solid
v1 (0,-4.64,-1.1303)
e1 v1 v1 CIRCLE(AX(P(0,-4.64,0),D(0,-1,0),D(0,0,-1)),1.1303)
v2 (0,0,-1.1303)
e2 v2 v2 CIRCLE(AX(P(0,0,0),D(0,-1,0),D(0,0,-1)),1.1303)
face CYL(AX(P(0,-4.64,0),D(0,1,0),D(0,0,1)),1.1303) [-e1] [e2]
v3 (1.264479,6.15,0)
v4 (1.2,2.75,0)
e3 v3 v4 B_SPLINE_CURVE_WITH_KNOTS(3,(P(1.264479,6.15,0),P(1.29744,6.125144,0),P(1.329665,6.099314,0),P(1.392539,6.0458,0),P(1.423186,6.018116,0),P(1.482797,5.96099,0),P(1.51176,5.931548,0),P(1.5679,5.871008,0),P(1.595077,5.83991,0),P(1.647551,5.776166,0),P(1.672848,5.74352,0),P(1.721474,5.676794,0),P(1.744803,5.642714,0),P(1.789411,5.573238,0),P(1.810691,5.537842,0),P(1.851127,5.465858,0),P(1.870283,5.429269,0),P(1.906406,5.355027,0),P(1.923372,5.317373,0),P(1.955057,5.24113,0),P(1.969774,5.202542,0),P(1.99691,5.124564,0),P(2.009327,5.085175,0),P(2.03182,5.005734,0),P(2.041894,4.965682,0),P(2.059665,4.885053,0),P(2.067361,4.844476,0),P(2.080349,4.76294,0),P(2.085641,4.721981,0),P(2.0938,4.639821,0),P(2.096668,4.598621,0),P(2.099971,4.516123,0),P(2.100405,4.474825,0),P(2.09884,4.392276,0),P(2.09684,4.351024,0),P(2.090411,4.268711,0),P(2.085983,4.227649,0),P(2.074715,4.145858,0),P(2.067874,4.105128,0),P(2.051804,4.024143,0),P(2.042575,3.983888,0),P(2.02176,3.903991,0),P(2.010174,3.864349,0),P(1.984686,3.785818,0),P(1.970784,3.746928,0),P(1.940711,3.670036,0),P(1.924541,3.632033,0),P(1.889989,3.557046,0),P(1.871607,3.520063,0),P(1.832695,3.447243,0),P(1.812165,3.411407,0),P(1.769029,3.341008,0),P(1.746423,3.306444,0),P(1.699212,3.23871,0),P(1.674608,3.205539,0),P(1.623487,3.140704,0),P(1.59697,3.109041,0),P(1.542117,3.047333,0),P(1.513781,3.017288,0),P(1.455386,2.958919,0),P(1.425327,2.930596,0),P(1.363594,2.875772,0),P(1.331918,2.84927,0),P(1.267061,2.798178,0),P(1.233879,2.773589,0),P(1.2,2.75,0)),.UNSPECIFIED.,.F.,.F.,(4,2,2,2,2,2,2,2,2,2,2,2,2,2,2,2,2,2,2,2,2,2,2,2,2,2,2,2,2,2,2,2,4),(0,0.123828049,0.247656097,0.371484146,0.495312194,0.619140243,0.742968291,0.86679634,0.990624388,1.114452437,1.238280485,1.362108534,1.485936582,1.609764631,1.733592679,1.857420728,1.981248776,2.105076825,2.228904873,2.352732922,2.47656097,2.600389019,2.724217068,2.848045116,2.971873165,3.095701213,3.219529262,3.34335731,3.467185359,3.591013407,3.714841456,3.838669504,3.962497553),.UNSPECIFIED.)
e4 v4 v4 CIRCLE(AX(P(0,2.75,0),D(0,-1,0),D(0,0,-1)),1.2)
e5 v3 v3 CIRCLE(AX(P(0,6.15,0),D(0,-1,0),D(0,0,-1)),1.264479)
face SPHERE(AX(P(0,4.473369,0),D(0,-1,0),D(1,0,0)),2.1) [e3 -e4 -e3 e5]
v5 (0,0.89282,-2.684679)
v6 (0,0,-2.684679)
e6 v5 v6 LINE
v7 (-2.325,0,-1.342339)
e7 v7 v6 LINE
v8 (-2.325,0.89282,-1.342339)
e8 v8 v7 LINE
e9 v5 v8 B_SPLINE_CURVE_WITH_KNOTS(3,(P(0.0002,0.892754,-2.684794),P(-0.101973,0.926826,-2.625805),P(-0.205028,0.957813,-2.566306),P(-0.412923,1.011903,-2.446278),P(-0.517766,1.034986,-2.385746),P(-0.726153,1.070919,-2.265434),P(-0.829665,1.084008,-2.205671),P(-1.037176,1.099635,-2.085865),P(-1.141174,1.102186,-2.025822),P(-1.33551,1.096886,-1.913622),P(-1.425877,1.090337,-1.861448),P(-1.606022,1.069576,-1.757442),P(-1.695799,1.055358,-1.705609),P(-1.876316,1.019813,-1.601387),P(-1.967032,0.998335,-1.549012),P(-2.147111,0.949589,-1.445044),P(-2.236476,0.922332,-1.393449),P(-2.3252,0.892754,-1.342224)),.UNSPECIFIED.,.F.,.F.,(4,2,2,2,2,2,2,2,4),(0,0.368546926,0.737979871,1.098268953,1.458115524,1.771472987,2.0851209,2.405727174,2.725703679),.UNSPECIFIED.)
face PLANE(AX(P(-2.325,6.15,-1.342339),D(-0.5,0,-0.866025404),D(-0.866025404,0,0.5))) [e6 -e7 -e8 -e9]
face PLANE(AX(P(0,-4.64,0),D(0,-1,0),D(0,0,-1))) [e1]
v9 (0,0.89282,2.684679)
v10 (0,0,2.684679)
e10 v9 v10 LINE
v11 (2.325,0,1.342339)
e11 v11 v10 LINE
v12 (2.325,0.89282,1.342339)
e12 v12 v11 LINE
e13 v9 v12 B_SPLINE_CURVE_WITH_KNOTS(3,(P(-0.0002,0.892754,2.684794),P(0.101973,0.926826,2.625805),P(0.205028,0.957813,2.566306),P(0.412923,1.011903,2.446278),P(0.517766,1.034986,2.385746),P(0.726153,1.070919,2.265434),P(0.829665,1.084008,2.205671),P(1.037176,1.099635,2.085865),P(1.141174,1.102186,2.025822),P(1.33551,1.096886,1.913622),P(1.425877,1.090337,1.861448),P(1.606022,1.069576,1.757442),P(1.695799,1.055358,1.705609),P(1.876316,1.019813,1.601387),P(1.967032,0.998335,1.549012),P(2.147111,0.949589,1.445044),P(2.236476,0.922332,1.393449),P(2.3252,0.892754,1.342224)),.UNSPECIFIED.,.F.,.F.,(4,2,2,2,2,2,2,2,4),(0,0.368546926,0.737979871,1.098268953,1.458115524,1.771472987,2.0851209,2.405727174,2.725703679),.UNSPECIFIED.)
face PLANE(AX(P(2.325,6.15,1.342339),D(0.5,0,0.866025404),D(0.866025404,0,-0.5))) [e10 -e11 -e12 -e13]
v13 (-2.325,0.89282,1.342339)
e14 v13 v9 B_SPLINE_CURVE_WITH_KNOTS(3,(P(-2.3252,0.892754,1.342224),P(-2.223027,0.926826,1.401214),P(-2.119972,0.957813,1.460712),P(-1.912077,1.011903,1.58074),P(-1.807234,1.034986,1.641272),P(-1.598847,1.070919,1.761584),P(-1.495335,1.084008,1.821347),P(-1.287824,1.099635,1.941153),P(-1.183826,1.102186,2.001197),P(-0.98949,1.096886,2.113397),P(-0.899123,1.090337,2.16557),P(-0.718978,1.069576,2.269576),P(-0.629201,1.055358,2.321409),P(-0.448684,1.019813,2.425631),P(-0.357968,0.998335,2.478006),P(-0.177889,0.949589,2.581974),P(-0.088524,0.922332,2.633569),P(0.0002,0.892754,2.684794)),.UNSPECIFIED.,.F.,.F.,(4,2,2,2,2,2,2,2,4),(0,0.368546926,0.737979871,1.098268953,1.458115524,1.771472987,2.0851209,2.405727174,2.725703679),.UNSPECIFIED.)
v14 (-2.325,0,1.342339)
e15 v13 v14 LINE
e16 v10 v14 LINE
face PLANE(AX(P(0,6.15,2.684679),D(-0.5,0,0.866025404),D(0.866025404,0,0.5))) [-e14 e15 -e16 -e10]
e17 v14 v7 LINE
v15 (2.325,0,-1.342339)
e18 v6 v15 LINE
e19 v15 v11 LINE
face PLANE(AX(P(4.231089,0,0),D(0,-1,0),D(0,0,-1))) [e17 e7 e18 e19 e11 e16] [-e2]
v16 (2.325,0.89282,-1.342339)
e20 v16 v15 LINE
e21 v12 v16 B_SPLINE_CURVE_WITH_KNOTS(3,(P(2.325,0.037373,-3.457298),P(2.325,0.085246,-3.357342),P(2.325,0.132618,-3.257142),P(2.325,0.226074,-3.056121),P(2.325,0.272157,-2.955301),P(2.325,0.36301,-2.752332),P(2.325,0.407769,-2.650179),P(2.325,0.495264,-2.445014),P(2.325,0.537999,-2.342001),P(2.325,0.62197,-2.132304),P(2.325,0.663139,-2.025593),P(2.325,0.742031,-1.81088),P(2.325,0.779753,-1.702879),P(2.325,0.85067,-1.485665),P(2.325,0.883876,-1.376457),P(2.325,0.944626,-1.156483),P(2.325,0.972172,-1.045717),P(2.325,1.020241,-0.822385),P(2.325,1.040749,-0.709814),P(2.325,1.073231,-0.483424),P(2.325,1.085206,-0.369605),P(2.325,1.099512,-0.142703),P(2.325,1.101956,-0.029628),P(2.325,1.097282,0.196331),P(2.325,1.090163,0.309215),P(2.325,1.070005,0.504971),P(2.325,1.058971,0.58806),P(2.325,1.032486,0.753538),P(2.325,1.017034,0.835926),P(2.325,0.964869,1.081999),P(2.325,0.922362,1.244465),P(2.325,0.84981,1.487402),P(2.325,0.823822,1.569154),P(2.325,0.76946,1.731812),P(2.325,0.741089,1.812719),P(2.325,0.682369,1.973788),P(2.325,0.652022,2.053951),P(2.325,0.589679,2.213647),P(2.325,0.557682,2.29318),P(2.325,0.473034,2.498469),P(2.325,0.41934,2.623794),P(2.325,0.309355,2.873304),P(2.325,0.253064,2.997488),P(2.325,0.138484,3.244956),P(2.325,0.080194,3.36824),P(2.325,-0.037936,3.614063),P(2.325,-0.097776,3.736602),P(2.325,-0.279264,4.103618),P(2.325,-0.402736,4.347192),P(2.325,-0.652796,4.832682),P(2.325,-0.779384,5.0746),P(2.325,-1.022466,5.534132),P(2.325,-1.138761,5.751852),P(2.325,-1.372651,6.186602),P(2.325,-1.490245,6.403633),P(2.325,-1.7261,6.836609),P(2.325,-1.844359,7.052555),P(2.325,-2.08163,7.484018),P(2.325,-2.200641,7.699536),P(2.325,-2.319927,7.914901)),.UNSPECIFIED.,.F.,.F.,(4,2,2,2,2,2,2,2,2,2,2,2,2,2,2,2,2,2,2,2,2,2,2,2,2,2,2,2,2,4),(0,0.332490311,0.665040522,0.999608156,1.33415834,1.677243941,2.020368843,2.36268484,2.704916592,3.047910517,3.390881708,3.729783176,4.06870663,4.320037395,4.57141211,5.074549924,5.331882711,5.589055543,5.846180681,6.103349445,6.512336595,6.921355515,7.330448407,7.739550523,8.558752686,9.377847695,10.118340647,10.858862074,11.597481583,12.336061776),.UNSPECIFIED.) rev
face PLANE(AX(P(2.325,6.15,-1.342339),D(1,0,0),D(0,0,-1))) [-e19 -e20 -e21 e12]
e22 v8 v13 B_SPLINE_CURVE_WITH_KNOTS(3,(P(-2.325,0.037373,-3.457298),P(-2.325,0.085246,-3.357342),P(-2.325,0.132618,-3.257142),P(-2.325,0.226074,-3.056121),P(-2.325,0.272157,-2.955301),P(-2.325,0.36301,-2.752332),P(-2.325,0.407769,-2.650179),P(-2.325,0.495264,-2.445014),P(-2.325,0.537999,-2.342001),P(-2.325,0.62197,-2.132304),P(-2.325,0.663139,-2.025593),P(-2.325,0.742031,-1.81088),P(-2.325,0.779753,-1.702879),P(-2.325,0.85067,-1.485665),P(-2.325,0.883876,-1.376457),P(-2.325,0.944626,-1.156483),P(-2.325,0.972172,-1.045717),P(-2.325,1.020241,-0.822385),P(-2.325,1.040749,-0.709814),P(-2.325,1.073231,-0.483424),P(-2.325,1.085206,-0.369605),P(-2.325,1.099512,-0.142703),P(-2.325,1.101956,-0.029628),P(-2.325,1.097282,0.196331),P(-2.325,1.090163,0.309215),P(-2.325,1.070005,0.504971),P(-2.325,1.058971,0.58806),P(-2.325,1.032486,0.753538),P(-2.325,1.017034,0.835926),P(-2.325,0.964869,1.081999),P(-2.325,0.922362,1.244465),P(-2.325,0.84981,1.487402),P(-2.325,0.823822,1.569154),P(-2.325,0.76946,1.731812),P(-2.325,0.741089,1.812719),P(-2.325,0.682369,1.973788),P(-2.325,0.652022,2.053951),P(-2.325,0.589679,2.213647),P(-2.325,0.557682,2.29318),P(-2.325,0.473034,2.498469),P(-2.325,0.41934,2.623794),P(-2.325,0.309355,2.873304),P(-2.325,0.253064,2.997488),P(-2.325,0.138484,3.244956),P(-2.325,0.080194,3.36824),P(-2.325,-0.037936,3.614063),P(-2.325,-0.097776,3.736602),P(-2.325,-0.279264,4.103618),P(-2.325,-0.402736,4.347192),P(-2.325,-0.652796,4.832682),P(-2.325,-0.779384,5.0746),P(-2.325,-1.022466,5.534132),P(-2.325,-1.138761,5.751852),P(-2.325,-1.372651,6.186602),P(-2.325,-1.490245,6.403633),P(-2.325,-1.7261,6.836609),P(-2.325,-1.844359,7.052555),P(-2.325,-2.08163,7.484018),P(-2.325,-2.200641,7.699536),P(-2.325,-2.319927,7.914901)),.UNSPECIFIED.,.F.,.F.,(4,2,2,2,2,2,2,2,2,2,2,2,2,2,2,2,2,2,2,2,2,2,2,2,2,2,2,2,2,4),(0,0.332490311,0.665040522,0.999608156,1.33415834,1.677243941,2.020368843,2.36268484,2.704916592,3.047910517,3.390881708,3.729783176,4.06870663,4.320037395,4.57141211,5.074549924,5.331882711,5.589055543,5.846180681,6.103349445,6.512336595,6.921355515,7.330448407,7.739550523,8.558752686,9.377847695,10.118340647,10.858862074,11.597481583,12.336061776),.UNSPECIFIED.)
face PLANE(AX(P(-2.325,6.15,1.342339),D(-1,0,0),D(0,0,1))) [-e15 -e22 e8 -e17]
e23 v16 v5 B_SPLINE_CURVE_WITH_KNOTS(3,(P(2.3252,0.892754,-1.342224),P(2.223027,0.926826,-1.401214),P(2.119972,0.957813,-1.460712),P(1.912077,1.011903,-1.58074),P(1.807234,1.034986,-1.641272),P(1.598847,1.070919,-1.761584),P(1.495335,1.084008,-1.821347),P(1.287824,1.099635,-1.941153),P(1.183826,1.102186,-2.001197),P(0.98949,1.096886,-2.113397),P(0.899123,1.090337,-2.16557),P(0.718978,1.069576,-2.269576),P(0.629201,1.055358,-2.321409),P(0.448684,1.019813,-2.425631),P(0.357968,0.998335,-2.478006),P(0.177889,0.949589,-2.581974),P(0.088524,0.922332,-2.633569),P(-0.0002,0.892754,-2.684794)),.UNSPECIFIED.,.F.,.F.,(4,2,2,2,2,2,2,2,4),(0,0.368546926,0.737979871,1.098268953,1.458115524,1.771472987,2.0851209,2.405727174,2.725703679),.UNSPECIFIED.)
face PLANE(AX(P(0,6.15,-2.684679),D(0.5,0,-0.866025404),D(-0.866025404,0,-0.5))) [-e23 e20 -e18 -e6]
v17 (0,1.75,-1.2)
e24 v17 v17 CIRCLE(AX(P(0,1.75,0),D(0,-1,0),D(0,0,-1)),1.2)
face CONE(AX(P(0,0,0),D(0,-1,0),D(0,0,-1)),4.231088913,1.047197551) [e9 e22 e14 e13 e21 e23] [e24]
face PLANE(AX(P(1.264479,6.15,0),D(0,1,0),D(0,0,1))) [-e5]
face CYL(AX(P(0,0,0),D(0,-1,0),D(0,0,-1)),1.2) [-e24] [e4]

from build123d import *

# Parameters (mm, degrees)
SKETCH2_OUTSIDE_W   = 13.154
SKETCH2_OUTSIDE_H   = 13.154
CUT_EXTRUDE1_DEPTH  = 9.580601773
SKETCH3_R           = 1.1303
BOSS_EXTRUDE1_DEPTH = 4.64


with BuildPart() as part:
    # Sketch1 → Revolve1 (revolve)
    with BuildSketch(Plane.XY, mode=Mode.PRIVATE) as revolve1_sk:
        with BuildLine():
            Line((4.231088913, 0), (1.2, 1.75))
            Line((1.2, 1.75), (1.2, 2.75))
            ThreePointArc((1.2, 2.75), (2.099622467, 4.433550528), (1.26447926, 6.15))
            Line((1.26447926, 6.15), (0, 6.15))
            Line((0, 6.15), (0, 0))
            Line((0, 0), (4.231088913, 0))
        make_face()
    revolve(revolve1_sk.sketch.rotate(Axis((0, 0, 0), (0, 1, 0)), 90), axis=Axis((0, 0, 0), (0, 1, 0)))

    # Sketch2 outside → Cut-Extrude1 (cut, through all)
    with BuildSketch(Plane.XZ):
        Rectangle(SKETCH2_OUTSIDE_W, SKETCH2_OUTSIDE_H)
        Polygon((0, 2.684678752), (-2.325, 1.342339376), (-2.325, -1.342339376), (0, -2.684678752), (2.325, -1.342339376), (2.325, 1.342339376), align=None, mode=Mode.SUBTRACT)
    extrude(amount=-CUT_EXTRUDE1_DEPTH, mode=Mode.SUBTRACT)

    # Sketch3 → Boss-Extrude1 (add)
    with BuildSketch(Plane.XZ):
        with Locations(Location((0, 0, 0), (0, 0, 270))):
            Circle(SKETCH3_R)
    extrude(amount=BOSS_EXTRUDE1_DEPTH)


solid = part.part
